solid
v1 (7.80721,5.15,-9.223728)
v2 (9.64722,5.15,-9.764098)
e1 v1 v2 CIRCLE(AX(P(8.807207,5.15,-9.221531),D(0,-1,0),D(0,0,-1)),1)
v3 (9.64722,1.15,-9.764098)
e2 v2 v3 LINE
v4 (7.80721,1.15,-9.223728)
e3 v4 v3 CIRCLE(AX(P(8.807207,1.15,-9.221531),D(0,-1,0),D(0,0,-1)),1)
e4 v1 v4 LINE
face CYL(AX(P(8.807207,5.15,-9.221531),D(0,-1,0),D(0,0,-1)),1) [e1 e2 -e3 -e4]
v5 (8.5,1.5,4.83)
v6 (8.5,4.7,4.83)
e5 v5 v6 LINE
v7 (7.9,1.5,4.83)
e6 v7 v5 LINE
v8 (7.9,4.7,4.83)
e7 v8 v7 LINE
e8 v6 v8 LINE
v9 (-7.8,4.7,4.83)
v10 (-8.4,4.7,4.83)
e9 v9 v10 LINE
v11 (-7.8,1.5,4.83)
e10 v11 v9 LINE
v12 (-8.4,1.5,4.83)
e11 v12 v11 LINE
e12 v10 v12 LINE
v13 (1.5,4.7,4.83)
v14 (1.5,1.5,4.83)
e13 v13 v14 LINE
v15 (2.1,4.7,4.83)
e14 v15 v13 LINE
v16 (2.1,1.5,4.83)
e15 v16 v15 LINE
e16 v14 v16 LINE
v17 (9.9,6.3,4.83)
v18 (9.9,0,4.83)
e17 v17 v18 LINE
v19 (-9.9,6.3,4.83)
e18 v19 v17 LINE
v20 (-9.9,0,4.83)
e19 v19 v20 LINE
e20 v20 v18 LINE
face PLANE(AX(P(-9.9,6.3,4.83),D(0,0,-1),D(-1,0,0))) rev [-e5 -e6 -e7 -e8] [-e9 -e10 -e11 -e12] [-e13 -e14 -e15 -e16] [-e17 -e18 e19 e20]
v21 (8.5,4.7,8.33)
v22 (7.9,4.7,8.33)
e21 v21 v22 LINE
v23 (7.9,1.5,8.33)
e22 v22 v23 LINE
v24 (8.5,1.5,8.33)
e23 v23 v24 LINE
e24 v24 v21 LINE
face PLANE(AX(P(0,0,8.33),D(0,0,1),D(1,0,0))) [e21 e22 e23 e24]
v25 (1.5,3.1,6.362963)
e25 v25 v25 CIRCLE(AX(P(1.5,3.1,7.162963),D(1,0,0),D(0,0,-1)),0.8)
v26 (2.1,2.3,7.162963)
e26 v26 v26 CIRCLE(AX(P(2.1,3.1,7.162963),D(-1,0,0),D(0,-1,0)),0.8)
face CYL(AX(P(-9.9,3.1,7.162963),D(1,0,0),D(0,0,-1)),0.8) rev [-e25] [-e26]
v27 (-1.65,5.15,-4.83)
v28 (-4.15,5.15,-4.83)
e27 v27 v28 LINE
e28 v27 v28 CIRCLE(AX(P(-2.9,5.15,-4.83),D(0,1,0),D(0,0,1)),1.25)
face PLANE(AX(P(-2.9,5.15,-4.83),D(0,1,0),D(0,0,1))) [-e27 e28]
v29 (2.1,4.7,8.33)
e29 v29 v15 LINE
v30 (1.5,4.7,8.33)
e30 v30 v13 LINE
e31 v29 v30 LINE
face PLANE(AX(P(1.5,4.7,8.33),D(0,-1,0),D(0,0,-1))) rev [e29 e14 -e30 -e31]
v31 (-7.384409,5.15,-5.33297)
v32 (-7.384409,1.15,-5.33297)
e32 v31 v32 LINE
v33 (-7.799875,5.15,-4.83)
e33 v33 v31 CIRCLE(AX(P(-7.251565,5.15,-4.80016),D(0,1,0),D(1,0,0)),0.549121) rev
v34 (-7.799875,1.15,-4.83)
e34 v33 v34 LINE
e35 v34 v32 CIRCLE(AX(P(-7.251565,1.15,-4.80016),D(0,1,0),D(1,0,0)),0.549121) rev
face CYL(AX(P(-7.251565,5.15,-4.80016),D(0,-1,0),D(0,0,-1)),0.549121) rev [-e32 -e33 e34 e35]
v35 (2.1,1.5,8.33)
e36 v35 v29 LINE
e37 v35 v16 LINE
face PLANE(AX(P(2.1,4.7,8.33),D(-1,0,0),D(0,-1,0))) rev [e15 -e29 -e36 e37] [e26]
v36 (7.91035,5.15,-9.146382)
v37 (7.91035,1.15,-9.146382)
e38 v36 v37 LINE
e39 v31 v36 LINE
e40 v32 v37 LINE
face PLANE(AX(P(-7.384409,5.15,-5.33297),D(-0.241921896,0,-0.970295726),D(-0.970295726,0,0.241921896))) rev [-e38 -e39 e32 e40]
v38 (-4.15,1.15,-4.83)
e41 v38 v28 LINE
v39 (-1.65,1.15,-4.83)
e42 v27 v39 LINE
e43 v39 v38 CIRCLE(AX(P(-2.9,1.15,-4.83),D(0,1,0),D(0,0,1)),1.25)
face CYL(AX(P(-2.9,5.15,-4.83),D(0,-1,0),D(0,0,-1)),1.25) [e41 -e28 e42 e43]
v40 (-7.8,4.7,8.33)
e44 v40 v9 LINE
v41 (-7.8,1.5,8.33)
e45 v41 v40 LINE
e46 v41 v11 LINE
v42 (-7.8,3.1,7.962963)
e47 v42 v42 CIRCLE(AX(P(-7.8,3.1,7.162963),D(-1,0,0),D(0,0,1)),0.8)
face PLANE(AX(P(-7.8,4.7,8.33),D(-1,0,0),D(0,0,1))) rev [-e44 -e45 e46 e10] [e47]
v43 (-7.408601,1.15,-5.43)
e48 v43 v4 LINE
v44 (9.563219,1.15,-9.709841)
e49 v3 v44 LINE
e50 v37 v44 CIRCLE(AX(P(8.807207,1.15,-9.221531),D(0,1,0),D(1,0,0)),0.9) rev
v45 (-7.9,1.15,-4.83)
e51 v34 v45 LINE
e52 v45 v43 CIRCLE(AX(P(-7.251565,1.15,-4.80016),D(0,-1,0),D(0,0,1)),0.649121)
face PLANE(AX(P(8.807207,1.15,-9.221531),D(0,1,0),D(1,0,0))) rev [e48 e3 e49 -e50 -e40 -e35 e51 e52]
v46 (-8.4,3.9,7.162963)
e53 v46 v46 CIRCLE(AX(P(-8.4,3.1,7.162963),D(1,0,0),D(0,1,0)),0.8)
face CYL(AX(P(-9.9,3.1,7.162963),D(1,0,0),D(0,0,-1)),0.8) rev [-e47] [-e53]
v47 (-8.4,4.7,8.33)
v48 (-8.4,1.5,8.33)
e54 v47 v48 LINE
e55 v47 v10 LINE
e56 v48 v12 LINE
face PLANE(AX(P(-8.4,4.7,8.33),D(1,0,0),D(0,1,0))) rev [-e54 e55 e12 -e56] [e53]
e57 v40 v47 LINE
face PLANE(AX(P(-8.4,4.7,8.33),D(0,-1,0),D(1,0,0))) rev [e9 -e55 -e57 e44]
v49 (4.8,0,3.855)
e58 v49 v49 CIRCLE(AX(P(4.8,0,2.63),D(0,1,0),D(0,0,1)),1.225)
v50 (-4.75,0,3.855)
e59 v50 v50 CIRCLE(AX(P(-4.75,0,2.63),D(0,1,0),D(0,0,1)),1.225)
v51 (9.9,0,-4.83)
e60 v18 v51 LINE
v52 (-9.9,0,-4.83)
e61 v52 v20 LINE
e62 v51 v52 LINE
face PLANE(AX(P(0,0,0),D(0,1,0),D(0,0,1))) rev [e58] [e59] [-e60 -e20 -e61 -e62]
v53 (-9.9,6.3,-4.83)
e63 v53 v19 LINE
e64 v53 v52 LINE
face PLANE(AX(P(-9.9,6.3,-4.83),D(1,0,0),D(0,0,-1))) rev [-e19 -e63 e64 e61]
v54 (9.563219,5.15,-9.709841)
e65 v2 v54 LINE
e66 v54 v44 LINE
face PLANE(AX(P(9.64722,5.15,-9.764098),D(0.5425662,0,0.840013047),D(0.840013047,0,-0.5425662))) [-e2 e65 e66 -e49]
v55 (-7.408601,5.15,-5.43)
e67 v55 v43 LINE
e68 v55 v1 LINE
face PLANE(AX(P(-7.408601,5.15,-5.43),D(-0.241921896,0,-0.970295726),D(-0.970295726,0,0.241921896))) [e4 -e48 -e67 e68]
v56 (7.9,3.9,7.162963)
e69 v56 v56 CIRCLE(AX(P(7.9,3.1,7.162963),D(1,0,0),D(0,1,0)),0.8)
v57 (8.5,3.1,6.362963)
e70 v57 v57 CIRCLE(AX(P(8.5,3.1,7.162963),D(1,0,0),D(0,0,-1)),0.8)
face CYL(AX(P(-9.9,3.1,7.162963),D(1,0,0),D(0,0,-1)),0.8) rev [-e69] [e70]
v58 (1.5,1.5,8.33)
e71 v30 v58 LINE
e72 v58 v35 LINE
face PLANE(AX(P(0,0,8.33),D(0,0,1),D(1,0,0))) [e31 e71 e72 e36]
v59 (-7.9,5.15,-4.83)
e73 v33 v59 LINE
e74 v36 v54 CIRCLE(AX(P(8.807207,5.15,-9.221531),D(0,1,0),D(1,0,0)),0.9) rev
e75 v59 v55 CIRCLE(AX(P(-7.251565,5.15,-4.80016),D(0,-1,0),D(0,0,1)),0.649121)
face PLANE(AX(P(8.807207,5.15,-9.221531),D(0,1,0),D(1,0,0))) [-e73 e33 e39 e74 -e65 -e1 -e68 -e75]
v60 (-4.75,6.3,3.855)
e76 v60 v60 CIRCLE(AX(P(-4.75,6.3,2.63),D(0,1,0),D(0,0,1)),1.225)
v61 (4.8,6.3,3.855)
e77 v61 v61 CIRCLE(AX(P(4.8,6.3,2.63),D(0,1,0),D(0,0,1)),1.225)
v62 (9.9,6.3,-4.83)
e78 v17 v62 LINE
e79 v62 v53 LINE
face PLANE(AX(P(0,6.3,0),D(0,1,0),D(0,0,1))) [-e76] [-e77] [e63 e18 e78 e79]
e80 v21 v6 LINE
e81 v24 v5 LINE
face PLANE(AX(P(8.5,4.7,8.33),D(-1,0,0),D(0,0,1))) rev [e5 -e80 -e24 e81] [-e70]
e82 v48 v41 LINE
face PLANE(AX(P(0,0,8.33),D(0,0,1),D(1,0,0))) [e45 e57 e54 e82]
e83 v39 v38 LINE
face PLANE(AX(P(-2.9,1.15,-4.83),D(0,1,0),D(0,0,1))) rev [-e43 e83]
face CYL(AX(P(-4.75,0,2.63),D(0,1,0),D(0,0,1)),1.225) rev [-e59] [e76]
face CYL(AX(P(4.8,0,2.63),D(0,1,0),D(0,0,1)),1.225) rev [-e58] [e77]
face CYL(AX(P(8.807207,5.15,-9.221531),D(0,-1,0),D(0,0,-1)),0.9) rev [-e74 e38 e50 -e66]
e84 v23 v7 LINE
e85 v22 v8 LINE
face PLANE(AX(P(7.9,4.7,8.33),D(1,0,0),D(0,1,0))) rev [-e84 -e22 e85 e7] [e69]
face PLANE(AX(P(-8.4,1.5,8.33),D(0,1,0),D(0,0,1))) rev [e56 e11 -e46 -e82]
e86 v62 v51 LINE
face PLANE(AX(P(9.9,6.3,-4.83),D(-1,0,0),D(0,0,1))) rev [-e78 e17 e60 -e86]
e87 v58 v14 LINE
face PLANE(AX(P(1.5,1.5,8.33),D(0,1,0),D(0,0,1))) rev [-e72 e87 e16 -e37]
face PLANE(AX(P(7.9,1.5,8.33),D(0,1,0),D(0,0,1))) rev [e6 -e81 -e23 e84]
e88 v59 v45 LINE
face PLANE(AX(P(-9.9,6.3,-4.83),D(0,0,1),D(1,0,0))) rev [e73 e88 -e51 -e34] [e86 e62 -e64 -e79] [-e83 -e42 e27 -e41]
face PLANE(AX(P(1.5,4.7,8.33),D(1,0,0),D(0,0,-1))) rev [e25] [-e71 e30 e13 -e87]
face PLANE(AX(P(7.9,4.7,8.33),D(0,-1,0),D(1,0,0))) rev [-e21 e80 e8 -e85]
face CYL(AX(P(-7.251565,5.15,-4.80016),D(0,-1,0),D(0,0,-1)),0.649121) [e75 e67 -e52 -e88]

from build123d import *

# Parameters (mm, degrees)
SKETCH1_W           = 19.8
SKETCH1_H           = 9.66
MAINBODY_DEPTH      = 6.3
SKETCH2_R           = 1.225
MOUNTINGHOLES_DEPTH = 13.689716309
SKETCH3_W           = 0.6
SKETCH3_H           = 3.2
BOSS_EXTRUDE2_DEPTH = 3.5
SKETCH4_R           = 0.8
CUT_EXTRUDE2_DEPTH  = 22.157478583
SKETCH5_R           = 1.25
BUMPSWITCH_DEPTH    = 2
EXTRUDE_THIN1_DEPTH = 2


with BuildPart() as part:
    # Sketch1 → MainBody (new body)
    with BuildSketch(Plane(origin=(0, 0, 0), x_dir=(1, 0, 0), z_dir=(0, 1, 0))):
        Rectangle(SKETCH1_W, SKETCH1_H)
    extrude(amount=MAINBODY_DEPTH)

    # Sketch2 → MountingHoles (cut, through all)
    with BuildSketch(Plane(origin=(0, 6.3, 0), x_dir=(1, 0, 0), z_dir=(0, 1, 0))):
        with Locations(Location((-4.75, -2.63, 0), (0, 0, 270))):
            Circle(SKETCH2_R)
        with Locations(Location((4.8, -2.63, 0), (0, 0, 270))):
            Circle(SKETCH2_R)
    extrude(amount=-MOUNTINGHOLES_DEPTH, mode=Mode.SUBTRACT)

    # Sketch3 → Boss-Extrude2 (add)
    with BuildSketch(Plane.XY.offset(4.83)):
        with Locations((-8.1, 3.1)):
            Rectangle(SKETCH3_W, SKETCH3_H)
        with Locations((1.8, 3.1)):
            Rectangle(SKETCH3_W, SKETCH3_H)
        with Locations((8.2, 3.1)):
            Rectangle(SKETCH3_W, SKETCH3_H)
    extrude(amount=BOSS_EXTRUDE2_DEPTH)

    # Sketch4 → Cut-Extrude2 (cut, through all)
    with BuildSketch(Plane(origin=(8.5, 0, 0), x_dir=(0, 0, -1), z_dir=(1, 0, 0))):
        with Locations((-7.162962761, 3.1)):
            Circle(SKETCH4_R)
    extrude(amount=-CUT_EXTRUDE2_DEPTH, mode=Mode.SUBTRACT)

    # Sketch5 → BumpSwitch (add, symmetric)
    with BuildSketch(Plane(origin=(0, 3.15, 0), x_dir=(1, 0, 0), z_dir=(0, 1, 0))):
        with Locations((-2.9, 4.83)):
            Circle(SKETCH5_R)
    extrude(amount=BUMPSWITCH_DEPTH, both=True)

    # Sketch6 → Extrude-Thin1 (add, symmetric)
    with BuildSketch(Plane(origin=(0, 3.15, 0), x_dir=(1, 0, 0), z_dir=(0, 1, 0))):
        with BuildLine():
            Line((-7.9, 4.222056191), (-7.9, 4.83))
            ThreePointArc((-7.9, 4.83), (-7.753756221, 5.211453805), (-7.408601461, 5.43))
            Line((-7.408601461, 5.43), (7.80720966, 9.223727798))
            ThreePointArc((7.80720966, 9.223727798), (8.52542957, 10.181011183), (9.647220295, 9.764097659))
            Line((9.647220295, 9.764097659), (9.56321899, 9.709841039))
            ThreePointArc((9.56321899, 9.709841039), (8.516809587, 10.073393654), (7.910350182, 9.146382256))
            Line((7.910350182, 9.146382256), (-7.384409271, 5.332970427))
            ThreePointArc((-7.384409271, 5.332970427), (-7.675692454, 5.148943939), (-7.8, 4.827604127))
            Line((-7.8, 4.827604127), (-7.8, 4.222056191))
            Line((-7.8, 4.222056191), (-7.9, 4.222056191))
        make_face()
    extrude(amount=EXTRUDE_THIN1_DEPTH, both=True)


solid = part.part
